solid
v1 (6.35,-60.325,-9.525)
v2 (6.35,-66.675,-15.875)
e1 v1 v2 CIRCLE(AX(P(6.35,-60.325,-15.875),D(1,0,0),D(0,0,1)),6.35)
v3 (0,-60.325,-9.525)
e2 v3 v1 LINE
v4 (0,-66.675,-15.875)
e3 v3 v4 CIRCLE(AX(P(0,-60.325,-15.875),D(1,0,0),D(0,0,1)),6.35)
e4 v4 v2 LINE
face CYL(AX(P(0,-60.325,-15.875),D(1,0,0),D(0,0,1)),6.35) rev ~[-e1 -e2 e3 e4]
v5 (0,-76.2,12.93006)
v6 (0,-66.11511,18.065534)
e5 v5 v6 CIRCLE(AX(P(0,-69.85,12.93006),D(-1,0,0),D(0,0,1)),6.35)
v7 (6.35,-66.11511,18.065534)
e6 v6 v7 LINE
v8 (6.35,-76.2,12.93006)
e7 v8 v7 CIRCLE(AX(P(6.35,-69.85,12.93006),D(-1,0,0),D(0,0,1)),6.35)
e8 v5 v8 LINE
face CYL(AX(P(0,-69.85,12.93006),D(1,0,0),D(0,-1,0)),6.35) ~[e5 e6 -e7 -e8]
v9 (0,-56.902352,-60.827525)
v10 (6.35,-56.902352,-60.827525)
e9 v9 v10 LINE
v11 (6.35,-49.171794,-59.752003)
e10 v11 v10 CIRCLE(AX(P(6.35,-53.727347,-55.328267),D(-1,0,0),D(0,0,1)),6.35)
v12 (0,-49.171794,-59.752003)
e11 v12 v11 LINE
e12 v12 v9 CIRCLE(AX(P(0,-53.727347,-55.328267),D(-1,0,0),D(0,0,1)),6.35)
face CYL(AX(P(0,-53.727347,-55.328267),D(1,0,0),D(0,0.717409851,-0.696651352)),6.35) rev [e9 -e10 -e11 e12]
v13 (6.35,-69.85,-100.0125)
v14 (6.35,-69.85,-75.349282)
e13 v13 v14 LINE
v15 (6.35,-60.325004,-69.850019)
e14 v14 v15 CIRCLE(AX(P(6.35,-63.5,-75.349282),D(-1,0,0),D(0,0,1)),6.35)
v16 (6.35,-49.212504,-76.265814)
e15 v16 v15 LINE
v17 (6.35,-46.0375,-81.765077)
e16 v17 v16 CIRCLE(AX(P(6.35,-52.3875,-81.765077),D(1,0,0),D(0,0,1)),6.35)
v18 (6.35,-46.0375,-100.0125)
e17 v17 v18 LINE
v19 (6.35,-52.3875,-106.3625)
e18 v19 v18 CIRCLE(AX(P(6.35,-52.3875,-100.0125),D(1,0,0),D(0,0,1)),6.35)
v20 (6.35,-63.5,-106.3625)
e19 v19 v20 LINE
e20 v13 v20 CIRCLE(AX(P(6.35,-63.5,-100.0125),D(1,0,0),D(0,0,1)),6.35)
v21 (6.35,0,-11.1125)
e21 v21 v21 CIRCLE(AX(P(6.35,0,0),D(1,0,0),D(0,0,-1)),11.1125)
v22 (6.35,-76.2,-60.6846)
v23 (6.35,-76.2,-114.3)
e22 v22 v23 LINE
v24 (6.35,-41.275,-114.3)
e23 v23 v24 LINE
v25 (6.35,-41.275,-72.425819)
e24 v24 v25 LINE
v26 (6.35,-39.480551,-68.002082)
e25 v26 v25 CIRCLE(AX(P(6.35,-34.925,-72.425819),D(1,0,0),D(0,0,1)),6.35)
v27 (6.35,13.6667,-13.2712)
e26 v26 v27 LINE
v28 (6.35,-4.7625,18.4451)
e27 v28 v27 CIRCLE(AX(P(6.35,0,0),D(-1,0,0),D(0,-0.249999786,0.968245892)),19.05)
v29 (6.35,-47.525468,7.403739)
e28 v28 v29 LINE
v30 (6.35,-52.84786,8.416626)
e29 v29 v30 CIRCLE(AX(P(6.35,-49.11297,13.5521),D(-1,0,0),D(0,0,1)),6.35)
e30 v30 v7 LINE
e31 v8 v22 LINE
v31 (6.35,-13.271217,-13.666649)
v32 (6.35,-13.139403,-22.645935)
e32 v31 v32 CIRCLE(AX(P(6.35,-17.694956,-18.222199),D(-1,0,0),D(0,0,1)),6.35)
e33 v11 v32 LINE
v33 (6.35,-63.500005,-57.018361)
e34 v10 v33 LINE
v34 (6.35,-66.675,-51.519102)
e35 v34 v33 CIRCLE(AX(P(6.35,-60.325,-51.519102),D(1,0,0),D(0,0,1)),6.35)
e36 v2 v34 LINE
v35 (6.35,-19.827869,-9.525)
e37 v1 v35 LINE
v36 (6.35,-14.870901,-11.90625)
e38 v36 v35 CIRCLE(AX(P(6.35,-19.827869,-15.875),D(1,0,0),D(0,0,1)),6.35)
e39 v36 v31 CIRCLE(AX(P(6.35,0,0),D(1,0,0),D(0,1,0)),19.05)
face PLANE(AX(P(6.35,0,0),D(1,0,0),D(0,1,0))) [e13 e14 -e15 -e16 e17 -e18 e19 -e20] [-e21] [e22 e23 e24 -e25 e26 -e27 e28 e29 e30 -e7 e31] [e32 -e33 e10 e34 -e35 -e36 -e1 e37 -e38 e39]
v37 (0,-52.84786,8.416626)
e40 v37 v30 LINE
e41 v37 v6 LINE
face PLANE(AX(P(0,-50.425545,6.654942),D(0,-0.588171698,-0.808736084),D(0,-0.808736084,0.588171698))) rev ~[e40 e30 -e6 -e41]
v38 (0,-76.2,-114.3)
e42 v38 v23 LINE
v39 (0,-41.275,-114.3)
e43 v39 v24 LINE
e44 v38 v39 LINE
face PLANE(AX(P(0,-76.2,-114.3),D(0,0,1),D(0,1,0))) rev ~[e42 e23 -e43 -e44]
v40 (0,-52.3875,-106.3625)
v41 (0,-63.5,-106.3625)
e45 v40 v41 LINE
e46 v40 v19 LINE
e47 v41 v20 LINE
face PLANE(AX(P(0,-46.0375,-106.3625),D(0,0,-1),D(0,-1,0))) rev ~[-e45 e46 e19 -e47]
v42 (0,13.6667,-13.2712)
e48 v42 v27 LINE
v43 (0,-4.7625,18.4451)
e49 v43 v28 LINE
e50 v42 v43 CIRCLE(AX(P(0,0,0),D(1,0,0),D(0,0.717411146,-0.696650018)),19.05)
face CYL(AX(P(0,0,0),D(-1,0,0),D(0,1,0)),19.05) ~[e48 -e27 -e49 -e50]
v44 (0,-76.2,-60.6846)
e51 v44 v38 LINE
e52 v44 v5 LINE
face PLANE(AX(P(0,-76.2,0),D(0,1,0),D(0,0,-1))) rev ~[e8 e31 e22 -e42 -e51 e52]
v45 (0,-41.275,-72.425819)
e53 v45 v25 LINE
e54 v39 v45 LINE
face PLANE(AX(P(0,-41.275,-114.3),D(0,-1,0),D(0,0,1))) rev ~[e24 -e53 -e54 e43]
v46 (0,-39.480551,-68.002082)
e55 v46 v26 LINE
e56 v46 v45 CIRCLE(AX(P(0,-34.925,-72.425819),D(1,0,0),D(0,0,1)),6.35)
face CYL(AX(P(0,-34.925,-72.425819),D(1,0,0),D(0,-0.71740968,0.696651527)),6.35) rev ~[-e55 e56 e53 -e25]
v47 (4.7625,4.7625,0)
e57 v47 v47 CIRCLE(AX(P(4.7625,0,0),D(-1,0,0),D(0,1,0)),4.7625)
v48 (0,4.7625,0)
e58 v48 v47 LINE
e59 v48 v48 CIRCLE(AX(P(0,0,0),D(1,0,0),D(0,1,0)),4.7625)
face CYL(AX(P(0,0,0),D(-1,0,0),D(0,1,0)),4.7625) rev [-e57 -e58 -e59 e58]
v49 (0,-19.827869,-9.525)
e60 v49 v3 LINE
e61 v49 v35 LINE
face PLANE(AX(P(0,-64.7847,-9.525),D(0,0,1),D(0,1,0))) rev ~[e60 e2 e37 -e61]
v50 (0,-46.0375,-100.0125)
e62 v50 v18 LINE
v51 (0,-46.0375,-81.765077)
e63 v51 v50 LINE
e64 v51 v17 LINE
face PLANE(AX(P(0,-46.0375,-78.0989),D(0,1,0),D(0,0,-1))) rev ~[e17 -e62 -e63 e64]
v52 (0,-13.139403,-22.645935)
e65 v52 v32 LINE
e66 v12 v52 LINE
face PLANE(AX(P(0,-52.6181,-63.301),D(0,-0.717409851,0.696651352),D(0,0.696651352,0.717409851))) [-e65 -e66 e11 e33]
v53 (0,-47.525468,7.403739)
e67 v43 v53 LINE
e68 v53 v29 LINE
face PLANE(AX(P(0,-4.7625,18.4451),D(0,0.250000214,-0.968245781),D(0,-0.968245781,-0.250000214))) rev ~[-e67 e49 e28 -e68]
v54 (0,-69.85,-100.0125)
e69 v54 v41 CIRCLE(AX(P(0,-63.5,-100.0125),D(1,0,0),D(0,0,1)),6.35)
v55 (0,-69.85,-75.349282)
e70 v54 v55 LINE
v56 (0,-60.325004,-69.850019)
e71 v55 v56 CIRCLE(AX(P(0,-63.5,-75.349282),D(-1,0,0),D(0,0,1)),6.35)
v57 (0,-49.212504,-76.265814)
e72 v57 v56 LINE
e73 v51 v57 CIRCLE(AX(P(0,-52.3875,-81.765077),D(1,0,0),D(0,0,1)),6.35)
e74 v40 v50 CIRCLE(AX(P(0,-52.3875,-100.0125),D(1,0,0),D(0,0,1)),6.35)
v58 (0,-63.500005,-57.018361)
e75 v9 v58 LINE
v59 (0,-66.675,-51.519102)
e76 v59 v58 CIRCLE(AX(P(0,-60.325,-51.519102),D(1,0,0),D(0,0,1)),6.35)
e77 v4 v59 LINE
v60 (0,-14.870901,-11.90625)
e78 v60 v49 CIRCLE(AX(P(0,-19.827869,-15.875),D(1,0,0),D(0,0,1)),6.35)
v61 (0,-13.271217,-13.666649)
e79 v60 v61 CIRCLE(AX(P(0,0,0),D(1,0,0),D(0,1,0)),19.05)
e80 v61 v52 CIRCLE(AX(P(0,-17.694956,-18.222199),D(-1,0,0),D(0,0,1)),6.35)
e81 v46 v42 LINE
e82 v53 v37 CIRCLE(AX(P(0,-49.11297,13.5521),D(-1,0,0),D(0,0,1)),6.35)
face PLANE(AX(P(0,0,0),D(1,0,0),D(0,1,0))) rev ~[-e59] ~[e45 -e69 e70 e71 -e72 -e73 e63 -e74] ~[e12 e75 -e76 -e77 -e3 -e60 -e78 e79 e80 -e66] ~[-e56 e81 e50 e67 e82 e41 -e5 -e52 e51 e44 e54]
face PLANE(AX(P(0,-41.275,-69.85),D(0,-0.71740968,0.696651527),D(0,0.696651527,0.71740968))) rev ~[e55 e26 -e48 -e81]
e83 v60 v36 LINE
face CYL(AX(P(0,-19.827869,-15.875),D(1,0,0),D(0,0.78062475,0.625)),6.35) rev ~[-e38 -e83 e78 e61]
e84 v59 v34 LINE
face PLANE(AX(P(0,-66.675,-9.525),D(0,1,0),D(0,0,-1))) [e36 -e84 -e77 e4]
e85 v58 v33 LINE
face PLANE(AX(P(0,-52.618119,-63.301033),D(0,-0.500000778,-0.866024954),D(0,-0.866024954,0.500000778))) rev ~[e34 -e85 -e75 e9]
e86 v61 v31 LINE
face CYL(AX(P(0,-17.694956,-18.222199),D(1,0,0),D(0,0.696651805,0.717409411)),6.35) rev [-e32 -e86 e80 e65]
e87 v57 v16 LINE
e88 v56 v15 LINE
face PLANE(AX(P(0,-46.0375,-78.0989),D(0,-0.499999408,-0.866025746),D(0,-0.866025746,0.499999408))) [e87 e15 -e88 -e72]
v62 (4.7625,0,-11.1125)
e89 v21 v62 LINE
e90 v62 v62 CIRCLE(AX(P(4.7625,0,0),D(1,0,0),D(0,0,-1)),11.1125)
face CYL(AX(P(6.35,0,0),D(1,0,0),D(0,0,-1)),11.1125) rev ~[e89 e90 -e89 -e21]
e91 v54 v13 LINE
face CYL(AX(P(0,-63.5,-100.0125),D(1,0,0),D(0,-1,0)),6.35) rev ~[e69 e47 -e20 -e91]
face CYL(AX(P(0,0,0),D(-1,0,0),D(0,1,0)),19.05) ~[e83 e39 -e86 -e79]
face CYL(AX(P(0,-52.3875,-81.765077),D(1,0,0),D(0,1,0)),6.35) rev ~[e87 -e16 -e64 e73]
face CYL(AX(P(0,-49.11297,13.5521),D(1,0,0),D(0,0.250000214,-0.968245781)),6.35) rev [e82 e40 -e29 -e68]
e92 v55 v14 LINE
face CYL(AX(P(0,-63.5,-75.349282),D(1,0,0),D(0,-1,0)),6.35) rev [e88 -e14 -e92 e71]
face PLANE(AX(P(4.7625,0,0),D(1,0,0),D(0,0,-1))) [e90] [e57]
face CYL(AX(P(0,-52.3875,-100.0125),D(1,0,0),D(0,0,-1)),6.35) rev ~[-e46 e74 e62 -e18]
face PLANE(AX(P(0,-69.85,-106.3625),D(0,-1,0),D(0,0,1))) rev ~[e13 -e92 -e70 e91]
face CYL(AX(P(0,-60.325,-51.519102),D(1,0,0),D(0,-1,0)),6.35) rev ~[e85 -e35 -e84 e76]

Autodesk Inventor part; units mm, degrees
ref_plane "YZ Plane" through (0, 0, 0) normal (1, 0, 0) x (0, 1, 0)
ref_plane "XZ Plane" through (0, 0, 0) normal (0, 1, 0) x (-1, 0, 0)
ref_plane "XY Plane" through (0, 0, 0) normal (0, 0, 1) x (1, 0, 0)
sketch "Sketch1" plane through (0, 0, 0) normal (1, 0, 0) x (0, 1, 0)
  circle A0 centre (0, 0) radius 4.7625
  line L0 (0, 0) -> (-76.2, 0) construction
  circle A1 centre (0, 0) radius 19.05
  line L1 (-4.7625, 18.4451) -> (-76.2, 0)
  line L2 (-76.2, 0) -> (-76.2, -114.3)
  circle A2 centre (0, 0) radius 76.2 construction
  line L3 (-76.2, -114.3) -> (-41.275, -114.3)
  line L4 (-41.275, -114.3) -> (-41.275, -69.85)
  line L5 (-41.275, -69.85) -> (-76.2, -49.686)
  line L6 (-41.275, -69.85) -> (13.6667, -13.2712)
  line L7 (-52.6181, -63.301) -> (-7.9567, -17.3088)
  line L8 (-66.675, -9.525) -> (-66.675, -55.1853)
  line L9 (-46.0375, -78.0989) -> (-76.2, -60.6846)
  line L10 (-46.0375, -78.0989) -> (-46.0375, -106.3625)
  line L11 (-46.0375, -106.3625) -> (-69.85, -106.3625)
  line L12 (-69.85, -106.3625) -> (-69.85, -64.3507)
  line L13 (-66.675, -9.525) -> (-64.7847, -9.525)
  line L14 (-64.7847, -9.525) -> (-16.4978, -9.525)
  line L15 (-76.2, 0) -> (-41.275, 0)
  line L16 (-41.275, 0) -> (-41.275, 25.4) construction
  line L17 (-41.275, 25.4) -> (-76.2, 25.4) construction
  line L18 (-76.2, 25.4) -> (-76.2, 0)
  line L19 (-41.275, 0) -> (-76.2, 25.4)
  point P0 (-50.4255, 6.6549)
  dimension "d0" = 9.525
  dimension "d1" = 76.2
  dimension "d2" = 38.1
  dimension "d3" = 114.3
  dimension "d4" = 152.4
  dimension "d5" = 34.925
  dimension "d6" = 44.45
  dimension "d7" = 60
  dimension "d9" = 12.7
  dimension "d10" = 9.525
  dimension "d11" = 9.525
  dimension "d12" = 7.9375
  dimension "d13" = 6.35
  dimension "d14" = 4.7625
  dimension "d17" = 9.525
  dimension "d19" = 34.925
  dimension "d20" = 25.4
extrude "Extrusion1" add sketch "Sketch1" along normal blind 6.35 contours A1 | A1 L14 L13 L8 L5 L2 L15 L19 L1 | L6 L5 L7 A1 | L19 L15 L1 | L1 L18 L19 | L4 L3 L2 L5
fillet "Fillet1" radius 6.35 10 edges at (3.175, -7.9567, -17.3088) (3.175, -16.4978, -9.525) (3.175, -52.6181, -63.301) (3.175, -66.675, -9.525) (3.175, -66.675, -55.1853) (3.175, -69.85, -64.3507) (3.175, -46.0375, -78.0989) (3.175, -46.0375, -106.3625) (3.175, -69.85, -106.3625) (3.175, -41.275, -69.85)
fillet "Fillet2" radius 6.35 2 edges at (3.175, -76.2, 25.4) (3.175, -50.4255, 6.6549)
sketch "Sketch2" plane through (6.35, 0, 0) normal (1, 0, 0) x (0, 0, -1)
  circle A0 centre (0, 0) radius 4.7625 projected
  circle A1 centre (0, 0) radius 11.1125
  dimension "d24" = 22.225
extrude "Extrusion2" cut sketch "Sketch2" against normal blind 1.5875 contours A0 | A1
equation "\"d9\" = d8"
equation "\"d8\" = 12.7"
properties part number "Upright" material "Aluminum 6061"
